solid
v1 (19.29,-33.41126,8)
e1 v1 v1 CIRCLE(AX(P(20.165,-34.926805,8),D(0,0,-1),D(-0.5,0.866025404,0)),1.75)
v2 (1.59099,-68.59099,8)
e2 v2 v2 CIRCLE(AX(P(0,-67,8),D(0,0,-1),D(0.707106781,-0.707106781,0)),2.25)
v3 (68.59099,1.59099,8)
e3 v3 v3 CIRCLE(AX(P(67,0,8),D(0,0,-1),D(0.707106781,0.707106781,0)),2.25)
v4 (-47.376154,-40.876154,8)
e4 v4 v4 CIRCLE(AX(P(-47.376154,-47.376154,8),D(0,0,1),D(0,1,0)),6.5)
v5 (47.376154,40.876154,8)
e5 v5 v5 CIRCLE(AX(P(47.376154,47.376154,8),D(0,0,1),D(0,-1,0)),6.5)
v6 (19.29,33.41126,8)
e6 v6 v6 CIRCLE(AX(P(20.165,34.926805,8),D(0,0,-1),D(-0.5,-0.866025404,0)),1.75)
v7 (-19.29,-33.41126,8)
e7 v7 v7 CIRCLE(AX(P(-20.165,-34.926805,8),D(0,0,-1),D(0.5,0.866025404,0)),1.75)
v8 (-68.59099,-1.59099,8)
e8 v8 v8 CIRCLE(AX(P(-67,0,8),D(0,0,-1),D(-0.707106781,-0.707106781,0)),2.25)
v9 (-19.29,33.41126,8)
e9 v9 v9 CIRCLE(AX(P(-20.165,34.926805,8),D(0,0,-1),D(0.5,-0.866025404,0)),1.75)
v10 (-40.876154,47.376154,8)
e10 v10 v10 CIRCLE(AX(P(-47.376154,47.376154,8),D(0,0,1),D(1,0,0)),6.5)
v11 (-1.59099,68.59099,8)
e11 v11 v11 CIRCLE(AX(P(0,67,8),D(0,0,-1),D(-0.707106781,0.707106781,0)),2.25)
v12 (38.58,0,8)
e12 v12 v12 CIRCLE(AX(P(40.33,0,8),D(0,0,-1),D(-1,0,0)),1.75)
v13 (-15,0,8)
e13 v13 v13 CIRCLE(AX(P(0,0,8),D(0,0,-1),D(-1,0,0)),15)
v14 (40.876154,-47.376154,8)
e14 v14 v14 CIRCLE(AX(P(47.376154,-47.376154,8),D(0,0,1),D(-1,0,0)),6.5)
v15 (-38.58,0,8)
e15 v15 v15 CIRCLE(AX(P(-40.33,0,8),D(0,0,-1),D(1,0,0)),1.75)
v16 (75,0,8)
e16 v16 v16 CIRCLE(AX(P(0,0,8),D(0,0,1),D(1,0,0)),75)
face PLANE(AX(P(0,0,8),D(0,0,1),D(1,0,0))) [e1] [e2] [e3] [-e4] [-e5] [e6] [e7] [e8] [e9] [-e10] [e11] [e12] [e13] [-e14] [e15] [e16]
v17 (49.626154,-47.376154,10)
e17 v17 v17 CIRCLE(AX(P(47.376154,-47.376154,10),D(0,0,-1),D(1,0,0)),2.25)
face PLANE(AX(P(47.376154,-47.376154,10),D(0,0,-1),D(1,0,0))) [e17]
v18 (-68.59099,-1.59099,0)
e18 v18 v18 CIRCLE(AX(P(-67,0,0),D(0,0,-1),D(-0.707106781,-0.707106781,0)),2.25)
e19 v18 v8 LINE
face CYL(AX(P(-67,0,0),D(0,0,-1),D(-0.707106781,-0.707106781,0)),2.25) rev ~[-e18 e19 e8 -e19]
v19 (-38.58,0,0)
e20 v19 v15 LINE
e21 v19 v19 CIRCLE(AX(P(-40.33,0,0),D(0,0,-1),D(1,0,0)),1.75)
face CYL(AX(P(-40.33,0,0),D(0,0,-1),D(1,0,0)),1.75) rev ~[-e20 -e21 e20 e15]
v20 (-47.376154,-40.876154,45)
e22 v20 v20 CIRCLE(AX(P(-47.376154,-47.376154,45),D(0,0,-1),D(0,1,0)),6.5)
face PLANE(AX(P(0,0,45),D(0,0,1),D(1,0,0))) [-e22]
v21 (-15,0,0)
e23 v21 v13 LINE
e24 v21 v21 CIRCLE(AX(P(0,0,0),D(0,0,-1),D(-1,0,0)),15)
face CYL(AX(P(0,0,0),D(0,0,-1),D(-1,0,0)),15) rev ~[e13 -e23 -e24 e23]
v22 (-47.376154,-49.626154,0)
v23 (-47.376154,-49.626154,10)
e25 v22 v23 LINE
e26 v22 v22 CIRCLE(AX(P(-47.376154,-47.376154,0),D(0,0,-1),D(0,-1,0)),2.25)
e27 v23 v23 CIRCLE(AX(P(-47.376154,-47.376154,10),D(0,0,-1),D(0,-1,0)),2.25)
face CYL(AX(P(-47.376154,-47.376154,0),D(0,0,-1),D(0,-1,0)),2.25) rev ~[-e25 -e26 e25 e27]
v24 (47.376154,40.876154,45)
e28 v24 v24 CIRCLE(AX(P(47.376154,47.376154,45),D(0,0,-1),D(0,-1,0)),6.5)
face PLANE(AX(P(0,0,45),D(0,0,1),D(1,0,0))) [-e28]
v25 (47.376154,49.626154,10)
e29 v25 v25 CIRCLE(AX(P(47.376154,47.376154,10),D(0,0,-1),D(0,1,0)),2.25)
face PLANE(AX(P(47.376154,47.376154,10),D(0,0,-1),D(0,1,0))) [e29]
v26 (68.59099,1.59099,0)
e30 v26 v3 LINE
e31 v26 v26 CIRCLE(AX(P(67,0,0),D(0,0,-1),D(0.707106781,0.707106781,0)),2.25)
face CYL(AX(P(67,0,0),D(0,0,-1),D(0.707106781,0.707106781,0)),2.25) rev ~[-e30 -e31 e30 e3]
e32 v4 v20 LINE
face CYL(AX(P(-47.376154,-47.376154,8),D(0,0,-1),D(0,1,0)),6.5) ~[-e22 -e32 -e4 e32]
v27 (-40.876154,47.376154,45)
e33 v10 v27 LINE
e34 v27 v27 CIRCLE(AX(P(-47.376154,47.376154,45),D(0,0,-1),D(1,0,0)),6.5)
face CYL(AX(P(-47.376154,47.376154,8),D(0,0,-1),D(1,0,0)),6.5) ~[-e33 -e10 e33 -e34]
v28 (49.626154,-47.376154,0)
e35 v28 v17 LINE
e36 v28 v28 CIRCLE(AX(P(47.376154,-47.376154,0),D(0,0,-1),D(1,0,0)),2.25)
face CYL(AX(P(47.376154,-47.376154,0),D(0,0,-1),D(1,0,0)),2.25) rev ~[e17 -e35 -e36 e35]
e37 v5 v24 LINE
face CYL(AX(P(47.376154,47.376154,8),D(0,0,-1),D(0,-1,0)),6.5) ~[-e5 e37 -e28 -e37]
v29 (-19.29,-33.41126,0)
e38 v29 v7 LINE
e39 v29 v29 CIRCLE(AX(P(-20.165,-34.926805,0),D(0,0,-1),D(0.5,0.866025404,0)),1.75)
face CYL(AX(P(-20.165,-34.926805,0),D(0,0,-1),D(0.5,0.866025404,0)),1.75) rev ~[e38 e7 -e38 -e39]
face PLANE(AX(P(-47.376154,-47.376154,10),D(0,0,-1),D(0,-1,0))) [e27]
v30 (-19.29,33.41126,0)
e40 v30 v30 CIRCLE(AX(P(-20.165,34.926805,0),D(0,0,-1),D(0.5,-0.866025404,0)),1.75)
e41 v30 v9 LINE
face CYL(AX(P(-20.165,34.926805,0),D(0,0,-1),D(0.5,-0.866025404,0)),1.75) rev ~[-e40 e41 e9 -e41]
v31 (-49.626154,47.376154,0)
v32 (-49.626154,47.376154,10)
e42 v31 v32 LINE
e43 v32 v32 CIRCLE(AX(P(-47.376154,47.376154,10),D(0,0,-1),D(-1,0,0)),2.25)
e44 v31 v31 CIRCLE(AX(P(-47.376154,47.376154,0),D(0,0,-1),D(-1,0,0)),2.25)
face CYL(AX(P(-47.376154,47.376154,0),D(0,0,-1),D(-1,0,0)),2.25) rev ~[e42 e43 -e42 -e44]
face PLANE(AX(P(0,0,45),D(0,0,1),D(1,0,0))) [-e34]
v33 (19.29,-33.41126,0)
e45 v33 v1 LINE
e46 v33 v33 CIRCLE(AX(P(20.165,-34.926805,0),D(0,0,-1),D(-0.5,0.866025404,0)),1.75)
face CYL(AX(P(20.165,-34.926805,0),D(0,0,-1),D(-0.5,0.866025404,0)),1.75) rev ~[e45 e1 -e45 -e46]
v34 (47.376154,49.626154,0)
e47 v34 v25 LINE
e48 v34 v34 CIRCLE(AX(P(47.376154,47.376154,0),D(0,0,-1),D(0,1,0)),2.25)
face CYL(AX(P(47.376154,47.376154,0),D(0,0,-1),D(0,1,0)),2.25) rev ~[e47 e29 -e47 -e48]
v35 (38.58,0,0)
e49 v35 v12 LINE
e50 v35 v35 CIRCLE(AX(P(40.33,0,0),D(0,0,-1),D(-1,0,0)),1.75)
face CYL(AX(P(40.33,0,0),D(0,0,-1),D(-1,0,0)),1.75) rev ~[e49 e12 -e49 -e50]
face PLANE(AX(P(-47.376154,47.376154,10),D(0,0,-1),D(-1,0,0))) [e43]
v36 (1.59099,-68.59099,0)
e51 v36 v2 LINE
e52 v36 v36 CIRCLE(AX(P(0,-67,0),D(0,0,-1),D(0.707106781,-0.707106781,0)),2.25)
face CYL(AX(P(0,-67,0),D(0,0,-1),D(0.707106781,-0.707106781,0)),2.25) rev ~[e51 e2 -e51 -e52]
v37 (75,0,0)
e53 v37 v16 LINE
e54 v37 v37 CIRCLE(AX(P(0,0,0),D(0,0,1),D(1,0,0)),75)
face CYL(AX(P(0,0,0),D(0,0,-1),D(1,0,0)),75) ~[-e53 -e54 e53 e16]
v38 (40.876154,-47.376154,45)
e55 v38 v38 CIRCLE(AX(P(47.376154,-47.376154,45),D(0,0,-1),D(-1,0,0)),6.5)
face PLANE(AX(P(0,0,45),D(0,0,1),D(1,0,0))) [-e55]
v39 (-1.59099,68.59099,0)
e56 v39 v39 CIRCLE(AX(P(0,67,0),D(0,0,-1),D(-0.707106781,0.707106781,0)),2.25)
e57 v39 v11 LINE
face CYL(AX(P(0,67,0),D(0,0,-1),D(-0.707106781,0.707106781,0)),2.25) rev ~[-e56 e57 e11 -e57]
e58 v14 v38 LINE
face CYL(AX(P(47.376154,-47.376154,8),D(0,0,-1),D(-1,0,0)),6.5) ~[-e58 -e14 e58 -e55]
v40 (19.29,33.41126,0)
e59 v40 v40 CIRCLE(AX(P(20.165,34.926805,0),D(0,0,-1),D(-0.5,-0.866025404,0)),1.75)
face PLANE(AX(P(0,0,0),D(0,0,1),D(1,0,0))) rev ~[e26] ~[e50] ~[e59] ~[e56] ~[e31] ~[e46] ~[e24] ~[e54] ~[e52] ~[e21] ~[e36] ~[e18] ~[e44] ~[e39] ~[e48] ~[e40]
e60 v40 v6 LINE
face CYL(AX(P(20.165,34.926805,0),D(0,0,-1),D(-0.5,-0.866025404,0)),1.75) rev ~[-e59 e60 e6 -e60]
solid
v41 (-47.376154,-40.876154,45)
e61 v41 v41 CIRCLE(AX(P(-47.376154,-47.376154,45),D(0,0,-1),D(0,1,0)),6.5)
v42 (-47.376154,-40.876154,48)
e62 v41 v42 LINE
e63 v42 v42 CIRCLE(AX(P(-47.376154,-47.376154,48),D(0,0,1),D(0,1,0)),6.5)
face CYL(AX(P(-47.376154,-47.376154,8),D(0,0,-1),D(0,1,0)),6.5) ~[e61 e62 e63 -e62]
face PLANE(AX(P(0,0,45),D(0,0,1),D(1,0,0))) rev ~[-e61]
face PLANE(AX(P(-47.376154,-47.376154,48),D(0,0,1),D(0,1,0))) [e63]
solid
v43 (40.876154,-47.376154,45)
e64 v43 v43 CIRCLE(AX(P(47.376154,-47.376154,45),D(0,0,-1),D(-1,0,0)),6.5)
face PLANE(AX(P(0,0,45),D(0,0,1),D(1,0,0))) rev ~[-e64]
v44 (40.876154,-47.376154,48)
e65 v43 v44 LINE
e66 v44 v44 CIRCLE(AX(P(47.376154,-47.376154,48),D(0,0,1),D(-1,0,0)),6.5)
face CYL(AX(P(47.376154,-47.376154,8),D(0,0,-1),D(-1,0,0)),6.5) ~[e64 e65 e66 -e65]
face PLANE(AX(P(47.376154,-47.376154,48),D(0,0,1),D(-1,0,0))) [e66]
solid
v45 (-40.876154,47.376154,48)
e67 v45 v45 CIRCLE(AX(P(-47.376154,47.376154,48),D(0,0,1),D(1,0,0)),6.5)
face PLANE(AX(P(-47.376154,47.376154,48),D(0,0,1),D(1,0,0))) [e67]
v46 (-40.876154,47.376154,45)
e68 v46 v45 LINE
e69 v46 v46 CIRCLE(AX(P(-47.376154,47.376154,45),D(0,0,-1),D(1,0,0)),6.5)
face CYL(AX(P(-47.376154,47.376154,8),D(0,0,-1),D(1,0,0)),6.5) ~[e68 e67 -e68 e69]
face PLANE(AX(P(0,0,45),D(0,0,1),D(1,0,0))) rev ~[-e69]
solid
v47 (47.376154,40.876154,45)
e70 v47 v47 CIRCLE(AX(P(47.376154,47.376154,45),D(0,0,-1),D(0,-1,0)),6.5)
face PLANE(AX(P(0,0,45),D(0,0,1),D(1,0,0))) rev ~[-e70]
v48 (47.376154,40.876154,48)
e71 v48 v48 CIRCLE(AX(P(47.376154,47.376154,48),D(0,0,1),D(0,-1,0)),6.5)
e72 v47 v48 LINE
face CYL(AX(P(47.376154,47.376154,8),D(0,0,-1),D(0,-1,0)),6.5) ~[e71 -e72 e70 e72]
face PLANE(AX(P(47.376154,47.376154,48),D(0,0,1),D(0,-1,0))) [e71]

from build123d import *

# Parameters (mm, degrees)
SKETCH1_R           = 75
BOSS_EXTRUDE1_DEPTH = 8
SKETCH2_R           = 6.5
BOSS_EXTRUDE2_DEPTH = 40
CIRPATTERN1_COUNT   = 4
SKETCH3_R           = 15
CUT_EXTRUDE1_DEPTH  = 117.421647472
SKETCH4_R           = 2.25
CUT_EXTRUDE2_DEPTH  = 10
CIRPATTERN2_COUNT   = 8
SKETCH5_R           = 1.75
CUT_EXTRUDE3_DEPTH  = 117.421647472
CIRPATTERN3_COUNT   = 6


with BuildPart() as part:
    # Sketch1 → Boss-Extrude1 (new body)
    with BuildSketch(Plane.XY):
        Circle(SKETCH1_R)
    extrude(amount=BOSS_EXTRUDE1_DEPTH)

    # Sketch2 → Boss-Extrude2 (add)
    with BuildSketch(Plane.XY.offset(8)):
        with Locations((-47.376154339, 47.376154339)):
            Circle(SKETCH2_R)
    boss_extrude2 = extrude(amount=BOSS_EXTRUDE2_DEPTH)

    # CirPattern1: Boss-Extrude2 ×4 about axis
    cirpattern1_axis = Axis((0, 0, 0), (0, 0, 1))
    for i in range(1, CIRPATTERN1_COUNT):
        add(boss_extrude2.rotate(cirpattern1_axis, i * 360 / CIRPATTERN1_COUNT))


with BuildPart() as body_2:
    # Split1: the piece on the far side of the plane
    add(part.part)
    split(bisect_by=Plane.XY.offset(45), keep=Keep.BOTTOM)

    # Sketch3 → Cut-Extrude1 (cut, through all)
    with BuildSketch(Plane(origin=(0, 0, 0), x_dir=(-1, 0, 0), z_dir=(0, 0, -1))):
        Circle(SKETCH3_R)
    extrude(amount=-CUT_EXTRUDE1_DEPTH, mode=Mode.SUBTRACT)

    # Sketch4 → Cut-Extrude2 (cut)
    with BuildSketch(Plane(origin=(0, 0, 0), x_dir=(-1, 0, 0), z_dir=(0, 0, -1))):
        with Locations((47.376154339, 47.376154339)):
            Circle(SKETCH4_R)
    cut_extrude2 = extrude(amount=-CUT_EXTRUDE2_DEPTH, mode=Mode.SUBTRACT)

    # CirPattern2: Cut-Extrude2 ×8 about axis
    cirpattern2_axis = Axis((0, 0, 0), (0, 0, 1))
    for i in range(1, CIRPATTERN2_COUNT):
        add(cut_extrude2.rotate(cirpattern2_axis, i * 360 / CIRPATTERN2_COUNT), mode=Mode.SUBTRACT)

    # Sketch5 → Cut-Extrude3 (cut, through all)
    with BuildSketch(Plane(origin=(0, 0, 0), x_dir=(-1, 0, 0), z_dir=(0, 0, -1))):
        with Locations((-40.33, 0)):
            Circle(SKETCH5_R)
    cut_extrude3 = extrude(amount=-CUT_EXTRUDE3_DEPTH, mode=Mode.SUBTRACT)

    # CirPattern3: Cut-Extrude3 ×6 about axis
    cirpattern3_axis = Axis((0, 0, 0), (0, 0, 1))
    for i in range(1, CIRPATTERN3_COUNT):
        add(cut_extrude3.rotate(cirpattern3_axis, i * 360 / CIRPATTERN3_COUNT), mode=Mode.SUBTRACT)


with BuildPart() as part_1:
    add(part.part)

    # Split1
    split(bisect_by=Plane.XY.offset(45), keep=Keep.TOP)


solid = Compound([body_2.part, part_1.part])
